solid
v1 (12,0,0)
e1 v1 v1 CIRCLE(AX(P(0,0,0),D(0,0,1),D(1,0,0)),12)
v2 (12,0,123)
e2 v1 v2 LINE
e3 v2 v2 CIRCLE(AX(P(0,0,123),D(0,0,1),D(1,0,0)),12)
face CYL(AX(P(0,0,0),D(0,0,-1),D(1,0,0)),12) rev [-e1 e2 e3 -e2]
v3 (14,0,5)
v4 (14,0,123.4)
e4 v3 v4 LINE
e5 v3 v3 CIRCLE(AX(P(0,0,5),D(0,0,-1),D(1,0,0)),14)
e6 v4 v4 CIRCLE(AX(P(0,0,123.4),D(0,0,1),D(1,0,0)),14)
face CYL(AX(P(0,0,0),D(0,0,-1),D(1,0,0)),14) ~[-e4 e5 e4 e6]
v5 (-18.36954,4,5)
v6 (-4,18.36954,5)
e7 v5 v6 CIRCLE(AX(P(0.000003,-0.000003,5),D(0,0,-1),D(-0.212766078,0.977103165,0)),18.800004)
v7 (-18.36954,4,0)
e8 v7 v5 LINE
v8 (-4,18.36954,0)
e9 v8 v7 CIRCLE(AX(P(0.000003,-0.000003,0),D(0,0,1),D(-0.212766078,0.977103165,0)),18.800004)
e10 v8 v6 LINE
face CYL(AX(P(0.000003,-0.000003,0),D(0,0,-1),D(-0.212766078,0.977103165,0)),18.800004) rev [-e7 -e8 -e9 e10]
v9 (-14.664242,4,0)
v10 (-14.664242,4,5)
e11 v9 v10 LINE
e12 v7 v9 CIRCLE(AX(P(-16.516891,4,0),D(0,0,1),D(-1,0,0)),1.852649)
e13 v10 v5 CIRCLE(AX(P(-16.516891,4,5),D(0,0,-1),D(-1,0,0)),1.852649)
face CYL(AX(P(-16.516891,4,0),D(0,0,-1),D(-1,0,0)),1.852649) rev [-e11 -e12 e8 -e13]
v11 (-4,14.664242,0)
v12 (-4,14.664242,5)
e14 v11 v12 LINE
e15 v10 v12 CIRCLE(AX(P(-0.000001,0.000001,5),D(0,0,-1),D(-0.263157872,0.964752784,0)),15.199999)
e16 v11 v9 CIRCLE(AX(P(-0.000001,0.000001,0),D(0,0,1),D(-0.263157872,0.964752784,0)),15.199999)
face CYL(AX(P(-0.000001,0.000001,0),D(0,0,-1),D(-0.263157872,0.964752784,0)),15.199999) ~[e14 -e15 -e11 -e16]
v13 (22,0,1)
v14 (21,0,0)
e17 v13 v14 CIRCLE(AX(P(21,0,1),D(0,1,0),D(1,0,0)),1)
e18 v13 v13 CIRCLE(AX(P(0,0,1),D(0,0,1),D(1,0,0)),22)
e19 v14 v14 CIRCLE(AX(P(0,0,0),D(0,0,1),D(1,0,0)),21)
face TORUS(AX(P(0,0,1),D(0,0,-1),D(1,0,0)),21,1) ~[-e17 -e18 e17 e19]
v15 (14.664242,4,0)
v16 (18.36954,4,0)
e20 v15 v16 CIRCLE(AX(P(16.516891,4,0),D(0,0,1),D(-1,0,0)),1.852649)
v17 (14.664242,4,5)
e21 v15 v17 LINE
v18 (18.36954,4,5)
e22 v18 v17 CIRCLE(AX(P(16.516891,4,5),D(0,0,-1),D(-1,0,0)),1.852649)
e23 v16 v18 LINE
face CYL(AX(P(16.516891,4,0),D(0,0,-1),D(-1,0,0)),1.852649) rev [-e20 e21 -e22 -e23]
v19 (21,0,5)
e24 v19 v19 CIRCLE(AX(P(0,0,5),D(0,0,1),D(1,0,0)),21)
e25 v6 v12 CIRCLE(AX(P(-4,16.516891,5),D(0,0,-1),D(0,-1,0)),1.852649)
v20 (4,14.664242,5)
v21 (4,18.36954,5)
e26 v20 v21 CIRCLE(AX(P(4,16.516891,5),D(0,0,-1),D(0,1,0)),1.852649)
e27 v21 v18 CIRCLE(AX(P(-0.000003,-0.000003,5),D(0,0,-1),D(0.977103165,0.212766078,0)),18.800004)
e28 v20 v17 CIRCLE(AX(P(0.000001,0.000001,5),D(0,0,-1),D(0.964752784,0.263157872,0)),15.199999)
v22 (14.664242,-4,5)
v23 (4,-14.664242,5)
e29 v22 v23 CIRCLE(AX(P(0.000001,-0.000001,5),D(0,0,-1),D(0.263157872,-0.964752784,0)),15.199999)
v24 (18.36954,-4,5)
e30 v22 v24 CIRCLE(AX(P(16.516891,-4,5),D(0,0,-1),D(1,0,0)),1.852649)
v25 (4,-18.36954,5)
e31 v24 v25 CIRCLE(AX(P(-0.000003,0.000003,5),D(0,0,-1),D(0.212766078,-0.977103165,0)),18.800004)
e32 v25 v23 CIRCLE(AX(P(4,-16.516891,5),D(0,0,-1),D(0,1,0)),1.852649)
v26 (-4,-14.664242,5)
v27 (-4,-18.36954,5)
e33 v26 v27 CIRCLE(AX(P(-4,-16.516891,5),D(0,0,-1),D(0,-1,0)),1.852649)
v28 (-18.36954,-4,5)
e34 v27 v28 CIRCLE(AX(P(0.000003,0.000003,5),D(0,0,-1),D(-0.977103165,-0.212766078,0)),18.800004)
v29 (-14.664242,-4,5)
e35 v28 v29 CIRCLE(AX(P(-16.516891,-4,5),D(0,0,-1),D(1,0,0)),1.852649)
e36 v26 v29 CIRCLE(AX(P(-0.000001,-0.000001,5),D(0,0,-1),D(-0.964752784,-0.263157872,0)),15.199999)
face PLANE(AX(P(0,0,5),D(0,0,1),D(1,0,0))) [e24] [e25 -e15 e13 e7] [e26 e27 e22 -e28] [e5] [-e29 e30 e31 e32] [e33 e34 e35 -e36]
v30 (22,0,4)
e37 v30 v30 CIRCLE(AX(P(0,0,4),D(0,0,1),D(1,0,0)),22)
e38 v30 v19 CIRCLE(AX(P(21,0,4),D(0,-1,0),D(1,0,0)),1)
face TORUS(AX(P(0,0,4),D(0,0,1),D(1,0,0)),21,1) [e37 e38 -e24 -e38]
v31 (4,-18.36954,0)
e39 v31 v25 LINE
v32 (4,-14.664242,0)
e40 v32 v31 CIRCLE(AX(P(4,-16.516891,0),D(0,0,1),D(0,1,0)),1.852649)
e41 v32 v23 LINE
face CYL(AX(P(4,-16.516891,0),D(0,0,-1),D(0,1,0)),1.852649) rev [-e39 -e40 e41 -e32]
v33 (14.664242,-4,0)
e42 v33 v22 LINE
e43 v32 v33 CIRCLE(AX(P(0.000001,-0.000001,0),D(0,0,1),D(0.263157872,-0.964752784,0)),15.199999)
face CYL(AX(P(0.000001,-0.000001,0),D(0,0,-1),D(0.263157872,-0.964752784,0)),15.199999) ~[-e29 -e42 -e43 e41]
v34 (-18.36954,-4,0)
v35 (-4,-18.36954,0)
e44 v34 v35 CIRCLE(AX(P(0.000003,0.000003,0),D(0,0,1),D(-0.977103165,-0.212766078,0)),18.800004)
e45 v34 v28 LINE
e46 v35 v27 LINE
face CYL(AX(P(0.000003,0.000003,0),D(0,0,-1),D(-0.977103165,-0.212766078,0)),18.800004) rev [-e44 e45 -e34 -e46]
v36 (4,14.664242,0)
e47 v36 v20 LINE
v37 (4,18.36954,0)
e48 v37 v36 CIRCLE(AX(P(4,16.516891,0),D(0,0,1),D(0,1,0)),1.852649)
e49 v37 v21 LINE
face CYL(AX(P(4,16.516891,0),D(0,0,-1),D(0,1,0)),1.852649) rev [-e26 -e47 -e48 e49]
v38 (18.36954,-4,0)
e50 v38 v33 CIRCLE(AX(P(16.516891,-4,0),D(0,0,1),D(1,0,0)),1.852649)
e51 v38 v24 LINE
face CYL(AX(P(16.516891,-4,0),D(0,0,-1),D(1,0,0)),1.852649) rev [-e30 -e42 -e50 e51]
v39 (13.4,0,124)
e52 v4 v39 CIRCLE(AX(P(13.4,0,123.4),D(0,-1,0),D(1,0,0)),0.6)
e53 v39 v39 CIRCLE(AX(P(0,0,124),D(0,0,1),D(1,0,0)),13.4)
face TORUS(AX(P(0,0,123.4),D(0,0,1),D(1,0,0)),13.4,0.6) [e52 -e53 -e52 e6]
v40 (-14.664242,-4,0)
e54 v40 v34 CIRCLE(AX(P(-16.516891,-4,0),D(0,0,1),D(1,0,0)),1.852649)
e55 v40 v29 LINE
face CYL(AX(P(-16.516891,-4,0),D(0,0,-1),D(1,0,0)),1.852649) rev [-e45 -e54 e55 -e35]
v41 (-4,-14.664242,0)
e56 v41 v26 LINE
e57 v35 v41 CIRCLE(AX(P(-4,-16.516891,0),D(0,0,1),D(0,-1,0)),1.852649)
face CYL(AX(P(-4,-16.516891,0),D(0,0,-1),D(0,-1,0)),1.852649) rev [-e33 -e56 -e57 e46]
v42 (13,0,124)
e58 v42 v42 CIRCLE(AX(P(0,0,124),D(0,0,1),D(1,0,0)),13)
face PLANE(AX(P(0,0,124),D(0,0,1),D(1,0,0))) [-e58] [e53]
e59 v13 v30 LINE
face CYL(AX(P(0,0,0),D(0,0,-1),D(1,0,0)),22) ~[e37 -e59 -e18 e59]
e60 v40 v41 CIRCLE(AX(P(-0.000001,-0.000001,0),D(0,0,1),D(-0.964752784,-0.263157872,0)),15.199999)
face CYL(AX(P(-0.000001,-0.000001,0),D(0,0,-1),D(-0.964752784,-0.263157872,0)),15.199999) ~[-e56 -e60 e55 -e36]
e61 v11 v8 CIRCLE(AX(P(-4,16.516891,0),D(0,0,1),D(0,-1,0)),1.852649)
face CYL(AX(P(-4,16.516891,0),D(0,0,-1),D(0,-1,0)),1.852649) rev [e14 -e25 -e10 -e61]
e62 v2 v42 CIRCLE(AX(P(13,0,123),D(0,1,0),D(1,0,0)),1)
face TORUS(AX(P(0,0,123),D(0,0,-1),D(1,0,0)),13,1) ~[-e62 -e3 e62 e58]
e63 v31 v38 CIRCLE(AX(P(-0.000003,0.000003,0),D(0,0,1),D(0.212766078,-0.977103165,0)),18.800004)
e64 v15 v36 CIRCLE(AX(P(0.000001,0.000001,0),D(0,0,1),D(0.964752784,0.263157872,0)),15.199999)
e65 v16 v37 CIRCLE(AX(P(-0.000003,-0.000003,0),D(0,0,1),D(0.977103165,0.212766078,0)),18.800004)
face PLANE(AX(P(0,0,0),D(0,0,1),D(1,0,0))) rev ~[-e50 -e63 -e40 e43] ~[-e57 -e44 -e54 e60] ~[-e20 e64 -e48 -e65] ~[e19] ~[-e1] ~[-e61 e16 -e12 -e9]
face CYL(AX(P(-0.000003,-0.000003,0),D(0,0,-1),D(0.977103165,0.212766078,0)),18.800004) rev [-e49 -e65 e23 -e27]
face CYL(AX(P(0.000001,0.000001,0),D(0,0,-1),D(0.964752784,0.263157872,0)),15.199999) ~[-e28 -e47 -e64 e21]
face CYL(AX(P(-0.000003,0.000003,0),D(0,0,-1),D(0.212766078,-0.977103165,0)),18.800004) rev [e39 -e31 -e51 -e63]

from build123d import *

# Parameters (mm, degrees)
PAD_DEPTH         = 10
ARRAY001_COUNT    = 4
CYLINDER021_R     = 12
CYLINDER021_DEPTH = 124
CYLINDER022_R     = 22
CYLINDER022_DEPTH = 5
FILLET004_R       = 1
CYLINDER020_R     = 14
CYLINDER020_DEPTH = 124
FILLET001_R       = 0.6
FILLET002_R       = 1


with BuildPart() as long_hole_array:
    # Sketch → Pad (new body)
    with BuildSketch(Plane.XY):
        with BuildLine():
            ThreePointArc((-18.36954, -4), (-13.293607, -13.293607), (-4, -18.36954))
            ThreePointArc((-4, -18.36954), (-2.147351, -16.516891), (-4, -14.664242))
            ThreePointArc((-14.664242, -4), (-10.748023, -10.748023), (-4, -14.664242))
            ThreePointArc((-14.664242, -4), (-16.516891, -2.147351), (-18.36954, -4))
        make_face()
    extrude(amount=PAD_DEPTH)

    # Array001: long hole array ×4 about axis
    array001_axis = Axis((0, 0, 0), (0, 0, 1))


with BuildPart() as long_hole_array_1:
    add(long_hole_array.part)
    for i in range(1, ARRAY001_COUNT):
        add(long_hole_array.part.rotate(array001_axis, i * 360 / ARRAY001_COUNT))


with BuildPart() as top_hole_fusion:
    # Cylinder021 → Cylinder021 (new body)
    with BuildSketch(Plane.XY):
        Circle(CYLINDER021_R)
    extrude(amount=CYLINDER021_DEPTH)

    # Fusion004: union long hole array
    add(long_hole_array_1.part)


with BuildPart() as top_bottom_connector_fillet:
    # Cylinder022 → Cylinder022 (new body)
    with BuildSketch(Plane.XY):
        Circle(CYLINDER022_R)
    extrude(amount=CYLINDER022_DEPTH)

    # Fillet004
    fillet004_edges = [top_bottom_connector_fillet.edges().sort_by_distance(p)[0] for p in [
        (-22, 0, 5),
        (-22, 0, 0),
    ]]
    fillet(fillet004_edges, radius=FILLET004_R)


with BuildPart() as top_tube_cut_fillet:
    # Cylinder020 → Cylinder020 (new body)
    with BuildSketch(Plane.XY):
        Circle(CYLINDER020_R)
    extrude(amount=CYLINDER020_DEPTH)

    # Fillet001
    fillet001_edges = [top_tube_cut_fillet.edges().sort_by_distance(p)[0] for p in [
        (-14, 0, 124),
    ]]
    fillet(fillet001_edges, radius=FILLET001_R)

    # Fusion: union top bottom connector fillet
    add(top_bottom_connector_fillet.part)

    # Cut: cut top hole fusion
    add(top_hole_fusion.part, mode=Mode.SUBTRACT)

    # Fillet002
    fillet002_edges = [top_tube_cut_fillet.edges().sort_by_distance(p)[0] for p in [
        (-12, 0, 124),
    ]]
    fillet(fillet002_edges, radius=FILLET002_R)


solid = top_tube_cut_fillet.part
